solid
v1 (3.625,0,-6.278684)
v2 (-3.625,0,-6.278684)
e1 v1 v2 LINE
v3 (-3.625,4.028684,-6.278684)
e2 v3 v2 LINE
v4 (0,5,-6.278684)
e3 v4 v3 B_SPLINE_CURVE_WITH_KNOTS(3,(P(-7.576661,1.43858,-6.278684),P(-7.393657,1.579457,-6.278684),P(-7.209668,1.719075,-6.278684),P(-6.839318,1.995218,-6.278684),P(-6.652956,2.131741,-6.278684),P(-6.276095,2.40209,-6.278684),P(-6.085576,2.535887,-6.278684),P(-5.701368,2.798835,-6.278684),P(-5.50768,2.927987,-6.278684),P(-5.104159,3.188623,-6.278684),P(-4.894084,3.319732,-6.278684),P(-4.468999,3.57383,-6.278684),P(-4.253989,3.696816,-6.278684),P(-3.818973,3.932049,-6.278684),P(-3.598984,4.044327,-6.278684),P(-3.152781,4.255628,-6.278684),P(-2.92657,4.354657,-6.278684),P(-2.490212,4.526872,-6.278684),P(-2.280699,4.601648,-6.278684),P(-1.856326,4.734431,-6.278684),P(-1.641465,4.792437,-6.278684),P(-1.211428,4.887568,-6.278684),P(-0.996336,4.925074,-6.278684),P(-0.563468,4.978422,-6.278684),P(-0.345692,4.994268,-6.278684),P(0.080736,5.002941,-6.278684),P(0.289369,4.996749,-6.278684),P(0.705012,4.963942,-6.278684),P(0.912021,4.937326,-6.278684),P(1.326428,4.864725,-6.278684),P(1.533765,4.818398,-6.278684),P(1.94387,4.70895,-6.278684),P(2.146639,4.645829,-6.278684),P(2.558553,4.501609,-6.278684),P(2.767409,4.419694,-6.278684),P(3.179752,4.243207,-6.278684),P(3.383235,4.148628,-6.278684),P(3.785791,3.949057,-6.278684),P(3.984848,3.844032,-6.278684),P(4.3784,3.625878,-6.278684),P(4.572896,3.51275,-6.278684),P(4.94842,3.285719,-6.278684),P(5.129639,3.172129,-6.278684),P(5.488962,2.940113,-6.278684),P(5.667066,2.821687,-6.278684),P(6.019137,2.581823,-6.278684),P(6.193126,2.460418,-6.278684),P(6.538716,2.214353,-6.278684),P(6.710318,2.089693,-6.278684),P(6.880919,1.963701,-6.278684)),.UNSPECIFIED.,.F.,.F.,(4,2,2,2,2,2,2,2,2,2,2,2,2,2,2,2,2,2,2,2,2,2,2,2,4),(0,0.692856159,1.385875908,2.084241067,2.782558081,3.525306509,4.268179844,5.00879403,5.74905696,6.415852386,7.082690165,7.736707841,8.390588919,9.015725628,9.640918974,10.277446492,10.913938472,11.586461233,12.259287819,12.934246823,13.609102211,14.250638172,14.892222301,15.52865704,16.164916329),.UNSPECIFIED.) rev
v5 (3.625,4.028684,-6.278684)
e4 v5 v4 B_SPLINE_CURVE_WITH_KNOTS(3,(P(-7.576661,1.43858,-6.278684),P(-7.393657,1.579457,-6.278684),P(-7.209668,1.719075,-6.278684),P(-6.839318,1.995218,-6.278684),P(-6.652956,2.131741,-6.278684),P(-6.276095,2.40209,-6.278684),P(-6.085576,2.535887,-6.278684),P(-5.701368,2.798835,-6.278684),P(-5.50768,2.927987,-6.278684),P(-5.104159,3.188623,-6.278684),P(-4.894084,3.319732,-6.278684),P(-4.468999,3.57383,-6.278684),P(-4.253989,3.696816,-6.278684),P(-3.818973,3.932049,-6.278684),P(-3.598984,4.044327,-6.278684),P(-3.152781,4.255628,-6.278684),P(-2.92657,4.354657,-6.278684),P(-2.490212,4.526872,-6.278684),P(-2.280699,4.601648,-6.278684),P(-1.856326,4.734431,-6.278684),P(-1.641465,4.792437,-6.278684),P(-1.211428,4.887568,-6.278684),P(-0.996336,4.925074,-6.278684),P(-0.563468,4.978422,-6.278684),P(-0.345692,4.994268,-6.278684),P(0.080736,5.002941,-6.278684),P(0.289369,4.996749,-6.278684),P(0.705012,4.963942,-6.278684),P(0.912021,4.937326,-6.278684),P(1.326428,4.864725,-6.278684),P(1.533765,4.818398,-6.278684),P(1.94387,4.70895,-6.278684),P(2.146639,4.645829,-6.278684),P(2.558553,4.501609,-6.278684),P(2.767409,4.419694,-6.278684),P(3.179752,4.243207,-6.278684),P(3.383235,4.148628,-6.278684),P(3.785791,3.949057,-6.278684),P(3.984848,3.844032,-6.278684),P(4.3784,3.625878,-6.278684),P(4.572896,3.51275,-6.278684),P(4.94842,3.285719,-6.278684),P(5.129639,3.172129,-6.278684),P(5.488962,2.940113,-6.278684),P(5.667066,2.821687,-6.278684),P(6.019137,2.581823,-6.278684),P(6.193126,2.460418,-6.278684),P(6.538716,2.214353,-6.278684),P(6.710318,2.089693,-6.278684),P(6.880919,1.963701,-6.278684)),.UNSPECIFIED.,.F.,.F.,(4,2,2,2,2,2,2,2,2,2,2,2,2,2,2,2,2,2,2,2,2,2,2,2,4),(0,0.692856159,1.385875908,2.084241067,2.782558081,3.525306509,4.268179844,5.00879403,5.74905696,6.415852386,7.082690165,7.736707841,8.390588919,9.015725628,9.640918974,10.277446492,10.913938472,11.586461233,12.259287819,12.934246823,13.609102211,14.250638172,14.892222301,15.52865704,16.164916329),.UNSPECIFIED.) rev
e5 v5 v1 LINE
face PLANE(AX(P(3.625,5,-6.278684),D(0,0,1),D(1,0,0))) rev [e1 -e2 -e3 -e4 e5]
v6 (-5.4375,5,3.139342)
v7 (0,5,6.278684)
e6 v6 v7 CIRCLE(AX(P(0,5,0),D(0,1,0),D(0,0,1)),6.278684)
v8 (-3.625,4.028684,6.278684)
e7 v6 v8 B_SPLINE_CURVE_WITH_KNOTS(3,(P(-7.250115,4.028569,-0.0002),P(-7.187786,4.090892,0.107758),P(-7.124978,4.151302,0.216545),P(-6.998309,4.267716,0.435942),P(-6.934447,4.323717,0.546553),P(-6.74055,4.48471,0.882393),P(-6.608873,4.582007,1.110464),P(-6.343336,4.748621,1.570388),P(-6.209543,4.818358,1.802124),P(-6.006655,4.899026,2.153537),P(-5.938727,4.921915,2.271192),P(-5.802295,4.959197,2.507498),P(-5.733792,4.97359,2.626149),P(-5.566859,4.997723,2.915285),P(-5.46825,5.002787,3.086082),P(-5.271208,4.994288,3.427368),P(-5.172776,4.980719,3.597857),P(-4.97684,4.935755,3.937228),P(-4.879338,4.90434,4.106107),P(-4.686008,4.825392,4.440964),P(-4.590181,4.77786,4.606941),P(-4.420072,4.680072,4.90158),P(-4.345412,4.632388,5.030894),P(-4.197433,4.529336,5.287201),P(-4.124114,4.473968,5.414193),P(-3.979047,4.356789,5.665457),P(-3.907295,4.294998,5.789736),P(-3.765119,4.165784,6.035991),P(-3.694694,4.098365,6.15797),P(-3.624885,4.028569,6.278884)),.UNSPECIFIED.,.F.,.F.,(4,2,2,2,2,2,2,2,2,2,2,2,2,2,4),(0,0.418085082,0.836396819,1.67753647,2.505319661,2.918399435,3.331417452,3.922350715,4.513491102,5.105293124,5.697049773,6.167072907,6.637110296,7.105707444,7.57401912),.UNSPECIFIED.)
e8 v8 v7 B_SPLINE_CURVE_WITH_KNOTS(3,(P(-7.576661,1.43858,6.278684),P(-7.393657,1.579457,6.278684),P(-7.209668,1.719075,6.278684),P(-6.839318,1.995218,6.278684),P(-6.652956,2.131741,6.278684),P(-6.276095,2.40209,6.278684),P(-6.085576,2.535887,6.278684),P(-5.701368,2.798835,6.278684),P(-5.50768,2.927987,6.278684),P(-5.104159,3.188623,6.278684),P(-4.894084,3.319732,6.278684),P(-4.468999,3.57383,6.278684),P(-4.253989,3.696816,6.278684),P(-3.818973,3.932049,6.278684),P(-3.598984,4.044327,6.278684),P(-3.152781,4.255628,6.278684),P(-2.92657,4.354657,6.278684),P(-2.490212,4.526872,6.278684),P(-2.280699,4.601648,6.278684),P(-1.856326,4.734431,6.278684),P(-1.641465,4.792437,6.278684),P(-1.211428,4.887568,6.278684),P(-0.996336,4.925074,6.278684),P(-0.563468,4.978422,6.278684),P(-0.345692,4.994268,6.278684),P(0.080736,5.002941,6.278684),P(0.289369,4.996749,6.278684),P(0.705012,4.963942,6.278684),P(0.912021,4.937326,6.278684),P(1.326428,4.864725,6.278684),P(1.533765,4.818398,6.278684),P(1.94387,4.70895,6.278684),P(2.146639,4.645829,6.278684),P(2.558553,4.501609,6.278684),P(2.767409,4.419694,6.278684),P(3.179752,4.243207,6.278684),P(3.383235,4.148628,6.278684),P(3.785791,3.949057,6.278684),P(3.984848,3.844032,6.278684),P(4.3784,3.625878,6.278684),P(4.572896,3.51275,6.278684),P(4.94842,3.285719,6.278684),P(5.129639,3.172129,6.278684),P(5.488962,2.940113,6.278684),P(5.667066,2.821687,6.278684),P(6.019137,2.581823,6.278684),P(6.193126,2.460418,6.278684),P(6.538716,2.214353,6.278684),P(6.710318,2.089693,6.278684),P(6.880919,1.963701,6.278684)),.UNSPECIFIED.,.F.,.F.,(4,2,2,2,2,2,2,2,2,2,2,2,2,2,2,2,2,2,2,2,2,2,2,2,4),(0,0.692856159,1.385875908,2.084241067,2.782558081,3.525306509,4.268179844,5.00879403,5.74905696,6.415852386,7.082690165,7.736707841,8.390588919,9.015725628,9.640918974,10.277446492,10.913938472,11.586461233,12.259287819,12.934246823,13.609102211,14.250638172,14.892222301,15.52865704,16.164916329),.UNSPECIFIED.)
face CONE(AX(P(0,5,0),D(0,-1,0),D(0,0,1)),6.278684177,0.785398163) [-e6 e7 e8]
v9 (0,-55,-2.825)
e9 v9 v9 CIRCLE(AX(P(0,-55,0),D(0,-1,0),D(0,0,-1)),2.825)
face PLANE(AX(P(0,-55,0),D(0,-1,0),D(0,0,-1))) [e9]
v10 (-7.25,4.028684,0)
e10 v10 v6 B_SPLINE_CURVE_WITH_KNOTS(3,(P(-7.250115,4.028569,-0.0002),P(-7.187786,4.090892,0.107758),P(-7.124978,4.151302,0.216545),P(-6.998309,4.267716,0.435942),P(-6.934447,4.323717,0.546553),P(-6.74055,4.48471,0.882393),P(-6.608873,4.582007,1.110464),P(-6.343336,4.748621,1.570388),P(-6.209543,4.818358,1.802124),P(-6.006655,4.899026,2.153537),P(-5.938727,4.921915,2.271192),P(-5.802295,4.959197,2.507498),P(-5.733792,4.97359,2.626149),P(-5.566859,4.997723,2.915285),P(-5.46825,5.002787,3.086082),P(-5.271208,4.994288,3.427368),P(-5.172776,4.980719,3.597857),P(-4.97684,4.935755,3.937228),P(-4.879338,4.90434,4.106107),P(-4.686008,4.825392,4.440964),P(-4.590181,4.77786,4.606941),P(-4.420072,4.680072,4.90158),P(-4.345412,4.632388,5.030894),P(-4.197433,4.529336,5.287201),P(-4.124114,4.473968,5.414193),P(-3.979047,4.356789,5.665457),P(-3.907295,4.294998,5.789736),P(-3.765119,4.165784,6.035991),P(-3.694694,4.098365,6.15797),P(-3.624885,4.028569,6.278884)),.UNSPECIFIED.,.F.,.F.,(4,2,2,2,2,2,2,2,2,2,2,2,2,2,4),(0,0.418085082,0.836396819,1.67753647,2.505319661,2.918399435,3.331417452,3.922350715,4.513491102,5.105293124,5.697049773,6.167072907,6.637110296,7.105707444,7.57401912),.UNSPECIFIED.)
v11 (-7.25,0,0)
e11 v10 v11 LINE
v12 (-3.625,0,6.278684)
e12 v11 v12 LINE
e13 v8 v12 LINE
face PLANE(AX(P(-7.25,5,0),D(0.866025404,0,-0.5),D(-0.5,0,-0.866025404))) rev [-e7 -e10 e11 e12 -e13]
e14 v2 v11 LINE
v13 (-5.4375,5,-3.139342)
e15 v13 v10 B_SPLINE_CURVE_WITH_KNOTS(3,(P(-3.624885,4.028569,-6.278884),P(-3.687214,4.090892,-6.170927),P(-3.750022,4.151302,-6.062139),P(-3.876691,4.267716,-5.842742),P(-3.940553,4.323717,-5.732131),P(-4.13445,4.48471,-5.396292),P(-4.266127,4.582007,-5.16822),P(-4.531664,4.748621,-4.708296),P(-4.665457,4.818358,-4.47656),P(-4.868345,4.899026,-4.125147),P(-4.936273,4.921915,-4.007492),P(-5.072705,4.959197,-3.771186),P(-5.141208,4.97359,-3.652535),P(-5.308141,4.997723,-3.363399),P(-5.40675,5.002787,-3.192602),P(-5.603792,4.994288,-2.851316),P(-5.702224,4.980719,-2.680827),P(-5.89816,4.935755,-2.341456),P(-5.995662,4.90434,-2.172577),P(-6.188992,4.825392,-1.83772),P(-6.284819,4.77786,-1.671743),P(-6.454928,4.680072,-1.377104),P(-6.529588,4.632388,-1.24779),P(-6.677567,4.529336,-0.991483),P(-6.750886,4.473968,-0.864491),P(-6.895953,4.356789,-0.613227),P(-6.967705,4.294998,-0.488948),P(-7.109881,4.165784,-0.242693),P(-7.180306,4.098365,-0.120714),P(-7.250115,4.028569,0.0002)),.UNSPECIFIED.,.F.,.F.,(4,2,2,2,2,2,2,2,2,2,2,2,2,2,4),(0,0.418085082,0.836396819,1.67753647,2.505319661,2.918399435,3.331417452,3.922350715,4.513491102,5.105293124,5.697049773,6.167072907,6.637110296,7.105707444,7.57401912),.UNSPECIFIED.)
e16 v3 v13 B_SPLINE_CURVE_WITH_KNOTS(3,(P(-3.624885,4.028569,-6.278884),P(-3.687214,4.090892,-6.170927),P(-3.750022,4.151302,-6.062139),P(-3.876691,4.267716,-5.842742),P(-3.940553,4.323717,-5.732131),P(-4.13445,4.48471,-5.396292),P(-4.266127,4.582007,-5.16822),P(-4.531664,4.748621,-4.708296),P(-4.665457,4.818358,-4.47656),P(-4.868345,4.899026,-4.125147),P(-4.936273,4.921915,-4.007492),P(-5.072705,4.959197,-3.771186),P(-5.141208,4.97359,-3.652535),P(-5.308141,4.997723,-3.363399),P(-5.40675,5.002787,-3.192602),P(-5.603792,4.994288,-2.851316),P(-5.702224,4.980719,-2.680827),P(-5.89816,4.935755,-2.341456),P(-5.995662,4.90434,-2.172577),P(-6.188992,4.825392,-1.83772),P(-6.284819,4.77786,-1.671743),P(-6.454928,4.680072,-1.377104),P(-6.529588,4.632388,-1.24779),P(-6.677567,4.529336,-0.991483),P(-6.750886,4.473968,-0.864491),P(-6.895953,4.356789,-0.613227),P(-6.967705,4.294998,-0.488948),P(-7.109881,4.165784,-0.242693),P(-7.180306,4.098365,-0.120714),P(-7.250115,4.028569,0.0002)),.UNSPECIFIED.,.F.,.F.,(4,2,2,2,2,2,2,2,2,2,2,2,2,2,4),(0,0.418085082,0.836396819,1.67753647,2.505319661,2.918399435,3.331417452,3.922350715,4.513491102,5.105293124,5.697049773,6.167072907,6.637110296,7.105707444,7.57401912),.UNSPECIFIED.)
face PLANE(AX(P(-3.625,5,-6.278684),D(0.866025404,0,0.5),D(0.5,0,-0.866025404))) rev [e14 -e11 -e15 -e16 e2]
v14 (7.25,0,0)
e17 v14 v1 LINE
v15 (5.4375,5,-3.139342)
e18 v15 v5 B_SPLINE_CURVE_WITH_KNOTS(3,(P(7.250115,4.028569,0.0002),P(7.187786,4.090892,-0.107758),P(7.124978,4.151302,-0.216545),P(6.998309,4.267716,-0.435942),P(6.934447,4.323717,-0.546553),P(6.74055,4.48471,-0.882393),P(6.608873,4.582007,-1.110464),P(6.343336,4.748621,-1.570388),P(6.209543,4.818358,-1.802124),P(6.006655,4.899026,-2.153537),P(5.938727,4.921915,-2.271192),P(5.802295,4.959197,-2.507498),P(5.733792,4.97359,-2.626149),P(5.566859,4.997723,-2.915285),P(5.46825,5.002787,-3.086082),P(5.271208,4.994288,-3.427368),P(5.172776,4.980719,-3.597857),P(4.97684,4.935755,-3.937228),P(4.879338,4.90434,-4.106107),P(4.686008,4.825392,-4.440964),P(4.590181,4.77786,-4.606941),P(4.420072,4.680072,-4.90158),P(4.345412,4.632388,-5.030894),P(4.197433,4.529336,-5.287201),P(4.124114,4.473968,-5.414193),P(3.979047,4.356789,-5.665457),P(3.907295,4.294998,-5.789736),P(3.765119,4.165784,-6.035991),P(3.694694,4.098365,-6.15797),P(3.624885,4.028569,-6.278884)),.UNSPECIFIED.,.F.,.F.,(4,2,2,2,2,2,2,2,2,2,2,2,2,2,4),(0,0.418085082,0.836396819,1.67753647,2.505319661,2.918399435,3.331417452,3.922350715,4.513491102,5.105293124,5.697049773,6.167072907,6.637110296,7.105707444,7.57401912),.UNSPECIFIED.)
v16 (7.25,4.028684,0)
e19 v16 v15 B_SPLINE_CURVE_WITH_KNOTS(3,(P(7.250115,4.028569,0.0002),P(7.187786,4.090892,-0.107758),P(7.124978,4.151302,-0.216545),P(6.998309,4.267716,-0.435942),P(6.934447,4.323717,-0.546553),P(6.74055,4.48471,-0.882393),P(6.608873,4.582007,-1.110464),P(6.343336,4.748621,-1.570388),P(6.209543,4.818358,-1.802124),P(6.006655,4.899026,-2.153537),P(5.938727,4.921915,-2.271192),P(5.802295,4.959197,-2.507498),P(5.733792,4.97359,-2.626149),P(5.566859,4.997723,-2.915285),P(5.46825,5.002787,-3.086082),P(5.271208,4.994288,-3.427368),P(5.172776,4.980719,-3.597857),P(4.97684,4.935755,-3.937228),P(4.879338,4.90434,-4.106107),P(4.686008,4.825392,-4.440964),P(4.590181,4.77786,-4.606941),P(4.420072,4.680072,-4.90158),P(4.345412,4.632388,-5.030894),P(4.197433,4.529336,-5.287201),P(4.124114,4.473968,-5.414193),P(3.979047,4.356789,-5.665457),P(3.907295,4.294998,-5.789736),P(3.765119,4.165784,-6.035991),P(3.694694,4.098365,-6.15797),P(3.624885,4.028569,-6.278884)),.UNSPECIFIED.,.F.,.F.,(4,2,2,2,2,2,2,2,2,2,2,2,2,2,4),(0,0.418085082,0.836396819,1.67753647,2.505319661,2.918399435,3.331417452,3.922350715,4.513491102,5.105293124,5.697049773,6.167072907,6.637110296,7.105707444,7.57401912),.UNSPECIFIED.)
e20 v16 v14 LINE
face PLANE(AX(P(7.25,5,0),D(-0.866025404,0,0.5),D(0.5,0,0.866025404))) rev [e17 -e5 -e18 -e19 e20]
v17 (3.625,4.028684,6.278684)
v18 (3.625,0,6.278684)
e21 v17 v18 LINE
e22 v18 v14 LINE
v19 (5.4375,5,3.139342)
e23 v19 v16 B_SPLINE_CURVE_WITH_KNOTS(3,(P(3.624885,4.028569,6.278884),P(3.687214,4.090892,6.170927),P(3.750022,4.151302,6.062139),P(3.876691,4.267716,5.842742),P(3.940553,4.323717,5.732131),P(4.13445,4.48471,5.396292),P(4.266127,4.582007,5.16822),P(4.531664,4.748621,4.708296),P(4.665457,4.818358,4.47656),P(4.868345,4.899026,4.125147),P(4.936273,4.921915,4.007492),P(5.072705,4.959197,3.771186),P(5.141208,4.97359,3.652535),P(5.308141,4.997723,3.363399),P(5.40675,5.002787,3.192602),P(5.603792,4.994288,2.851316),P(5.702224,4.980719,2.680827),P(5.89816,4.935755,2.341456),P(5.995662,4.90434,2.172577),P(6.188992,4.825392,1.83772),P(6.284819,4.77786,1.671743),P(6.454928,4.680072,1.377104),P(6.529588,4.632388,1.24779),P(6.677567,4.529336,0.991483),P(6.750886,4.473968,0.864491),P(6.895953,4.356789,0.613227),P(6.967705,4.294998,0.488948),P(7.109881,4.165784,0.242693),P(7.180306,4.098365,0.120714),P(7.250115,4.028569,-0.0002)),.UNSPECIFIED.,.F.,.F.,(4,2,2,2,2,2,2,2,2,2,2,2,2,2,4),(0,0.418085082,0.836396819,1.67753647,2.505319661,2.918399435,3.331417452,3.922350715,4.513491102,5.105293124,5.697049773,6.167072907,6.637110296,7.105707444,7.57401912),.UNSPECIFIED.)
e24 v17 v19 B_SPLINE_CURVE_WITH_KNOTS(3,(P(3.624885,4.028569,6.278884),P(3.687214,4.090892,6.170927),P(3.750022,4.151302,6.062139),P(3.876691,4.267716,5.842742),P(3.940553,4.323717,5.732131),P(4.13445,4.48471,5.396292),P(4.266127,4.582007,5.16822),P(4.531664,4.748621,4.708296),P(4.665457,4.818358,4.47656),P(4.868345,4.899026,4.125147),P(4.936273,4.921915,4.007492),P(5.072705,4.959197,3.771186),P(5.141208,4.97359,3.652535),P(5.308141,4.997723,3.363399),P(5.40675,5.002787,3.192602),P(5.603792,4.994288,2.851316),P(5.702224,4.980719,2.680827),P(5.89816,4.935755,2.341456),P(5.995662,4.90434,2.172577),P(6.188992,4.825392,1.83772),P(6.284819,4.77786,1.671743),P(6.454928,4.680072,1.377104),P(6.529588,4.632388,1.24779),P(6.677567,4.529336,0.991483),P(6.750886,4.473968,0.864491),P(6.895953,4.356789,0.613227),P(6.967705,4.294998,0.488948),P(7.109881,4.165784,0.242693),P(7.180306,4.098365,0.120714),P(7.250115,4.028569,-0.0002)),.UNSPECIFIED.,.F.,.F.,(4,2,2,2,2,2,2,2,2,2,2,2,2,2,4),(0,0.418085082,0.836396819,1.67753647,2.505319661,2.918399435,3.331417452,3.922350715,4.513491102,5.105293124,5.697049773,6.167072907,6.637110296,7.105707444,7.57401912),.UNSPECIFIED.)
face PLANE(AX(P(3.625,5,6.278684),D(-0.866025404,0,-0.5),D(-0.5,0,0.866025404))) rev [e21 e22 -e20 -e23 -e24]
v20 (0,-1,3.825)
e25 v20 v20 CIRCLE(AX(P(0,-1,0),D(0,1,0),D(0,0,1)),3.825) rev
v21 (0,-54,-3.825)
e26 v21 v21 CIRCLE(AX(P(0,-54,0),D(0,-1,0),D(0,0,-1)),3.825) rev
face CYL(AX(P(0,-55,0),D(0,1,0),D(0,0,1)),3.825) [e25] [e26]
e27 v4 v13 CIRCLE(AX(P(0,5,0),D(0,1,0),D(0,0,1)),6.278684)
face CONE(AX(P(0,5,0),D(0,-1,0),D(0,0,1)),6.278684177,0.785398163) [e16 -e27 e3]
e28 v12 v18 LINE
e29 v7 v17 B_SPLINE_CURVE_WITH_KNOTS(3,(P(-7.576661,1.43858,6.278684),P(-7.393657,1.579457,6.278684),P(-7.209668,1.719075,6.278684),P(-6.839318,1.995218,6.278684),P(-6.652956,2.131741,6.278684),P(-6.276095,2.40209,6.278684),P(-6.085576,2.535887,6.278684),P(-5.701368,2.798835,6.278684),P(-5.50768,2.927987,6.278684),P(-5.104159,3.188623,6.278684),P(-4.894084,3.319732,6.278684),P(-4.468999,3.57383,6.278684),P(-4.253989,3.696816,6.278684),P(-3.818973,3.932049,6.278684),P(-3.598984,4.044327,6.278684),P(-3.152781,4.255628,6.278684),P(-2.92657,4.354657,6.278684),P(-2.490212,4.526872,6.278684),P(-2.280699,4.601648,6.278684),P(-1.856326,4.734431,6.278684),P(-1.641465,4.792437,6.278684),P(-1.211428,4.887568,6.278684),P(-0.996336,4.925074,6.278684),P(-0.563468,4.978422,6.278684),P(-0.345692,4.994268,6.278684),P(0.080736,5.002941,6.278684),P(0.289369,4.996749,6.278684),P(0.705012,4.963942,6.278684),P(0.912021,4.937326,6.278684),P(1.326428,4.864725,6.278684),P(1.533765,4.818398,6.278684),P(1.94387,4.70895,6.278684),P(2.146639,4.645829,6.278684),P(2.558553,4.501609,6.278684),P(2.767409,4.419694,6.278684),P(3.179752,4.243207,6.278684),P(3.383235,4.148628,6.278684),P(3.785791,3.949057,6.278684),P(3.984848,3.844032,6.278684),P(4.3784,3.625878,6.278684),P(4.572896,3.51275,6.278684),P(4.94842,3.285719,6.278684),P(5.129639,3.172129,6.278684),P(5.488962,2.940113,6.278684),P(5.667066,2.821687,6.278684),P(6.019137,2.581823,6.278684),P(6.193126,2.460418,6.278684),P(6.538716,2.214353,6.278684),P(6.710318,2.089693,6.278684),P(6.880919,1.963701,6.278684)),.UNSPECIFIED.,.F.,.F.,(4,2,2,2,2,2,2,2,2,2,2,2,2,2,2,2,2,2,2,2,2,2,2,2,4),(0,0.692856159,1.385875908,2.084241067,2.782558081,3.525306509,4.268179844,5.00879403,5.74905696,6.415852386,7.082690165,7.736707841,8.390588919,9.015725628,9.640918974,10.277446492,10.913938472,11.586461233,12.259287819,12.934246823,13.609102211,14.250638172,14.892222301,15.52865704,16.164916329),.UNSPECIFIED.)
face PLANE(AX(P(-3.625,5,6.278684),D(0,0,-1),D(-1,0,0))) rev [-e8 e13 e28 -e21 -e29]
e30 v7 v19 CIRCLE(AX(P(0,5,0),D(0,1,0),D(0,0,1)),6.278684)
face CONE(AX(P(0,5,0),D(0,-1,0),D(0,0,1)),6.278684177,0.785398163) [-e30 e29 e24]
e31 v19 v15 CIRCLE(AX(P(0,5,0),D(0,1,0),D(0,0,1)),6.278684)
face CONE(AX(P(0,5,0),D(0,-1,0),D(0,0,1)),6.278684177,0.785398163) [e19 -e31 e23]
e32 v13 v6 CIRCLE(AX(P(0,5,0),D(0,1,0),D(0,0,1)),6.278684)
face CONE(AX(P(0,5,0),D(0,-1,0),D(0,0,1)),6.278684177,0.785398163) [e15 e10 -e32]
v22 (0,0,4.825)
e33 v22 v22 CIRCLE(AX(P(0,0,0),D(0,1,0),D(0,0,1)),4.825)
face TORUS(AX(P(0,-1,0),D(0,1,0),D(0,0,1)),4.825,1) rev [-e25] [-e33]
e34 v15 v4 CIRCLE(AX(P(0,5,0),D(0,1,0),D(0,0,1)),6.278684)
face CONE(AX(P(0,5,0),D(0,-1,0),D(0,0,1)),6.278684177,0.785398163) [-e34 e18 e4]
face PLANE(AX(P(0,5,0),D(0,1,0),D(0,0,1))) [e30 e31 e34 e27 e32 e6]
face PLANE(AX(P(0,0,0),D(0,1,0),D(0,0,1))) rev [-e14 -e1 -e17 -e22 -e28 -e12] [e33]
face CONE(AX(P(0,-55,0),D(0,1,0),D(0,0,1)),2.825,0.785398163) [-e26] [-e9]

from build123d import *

# Parameters (mm, degrees)
EXTRUDE_1_DEPTH     = 5
SKETCH_8_OUTSIDE_W  = 22.464
SKETCH_8_OUTSIDE_H  = 20.522
SKETCH_8_OUTSIDE_R  = 6.278684177
CUT_EXTRUDE_1_DEPTH = 1
CUT_EXTRUDE_1_DRAFT = -45
SKETCH_9_R          = 3.825
BOLT_LENGTH_DEPTH   = 55
FILLET_1_R          = 1
CHAMFER_1_SIZE      = 1


with BuildPart() as part:
    # Эскиз6 → Бобышка-Вытянуть1 (new body)
    with BuildSketch(Plane(origin=(0, 0, 0), x_dir=(1, 0, 0), z_dir=(0, 1, 0))):
        Polygon((7.25, 0), (3.625, 6.278684177), (-3.625, 6.278684177), (-7.25, 0), (-3.625, -6.278684177), (3.625, -6.278684177), align=None)
    extrude(amount=EXTRUDE_1_DEPTH)


with BuildPart() as cut_extrude_1_tool:
    # Эскиз8 outside → Вырез-Вытянуть1 (with draft: the straight prism first)
    with BuildSketch(Plane(origin=(0, 5, 0), x_dir=(1, 0, 0), z_dir=(0, 1, 0))):
        Rectangle(SKETCH_8_OUTSIDE_W, SKETCH_8_OUTSIDE_H)
        Circle(SKETCH_8_OUTSIDE_R, mode=Mode.SUBTRACT)
    extrude(amount=-CUT_EXTRUDE_1_DEPTH)
    # Вырез-Вытянуть1: the draft: its side faces are tilted about the plane it starts from
    cut_extrude_1_sides = [cut_extrude_1_tool.faces().sort_by_distance(p)[0] for p in [
        (0, 4.5, 10.261),
        (11.232, 4.5, 0),
        (0, 4.5, -10.261),
        (-11.232, 4.5, 0),
        (-6.278684177, 4.5, 0),
    ]]
    draft(cut_extrude_1_sides, Plane(origin=(0, 5, 0), x_dir=(1, 0, 0), z_dir=(0, 1, 0)), CUT_EXTRUDE_1_DRAFT)


with BuildPart() as part_1:
    add(part.part)

    # Вырез-Вытянуть1: cut by cut_extrude_1_tool
    add(cut_extrude_1_tool.part, mode=Mode.SUBTRACT)

    # Эскиз9 → bolt length (add)
    with BuildSketch(Plane.XZ):
        with Locations(Location((0, 0, 0), (0, 0, 90))):  # turned: the seam where the file's is
            Circle(SKETCH_9_R)
    extrude(amount=BOLT_LENGTH_DEPTH)

    # Скругление1
    fillet_1_edges = [part_1.edges().sort_by_distance(p)[0] for p in [
        (0, 0, -3.825),
    ]]
    fillet(fillet_1_edges, radius=FILLET_1_R)

    # Фаска1
    chamfer_1_edges = [part_1.edges().sort_by_distance(p)[0] for p in [
        (0, -55, -3.825),
    ]]
    chamfer(chamfer_1_edges, length=CHAMFER_1_SIZE)


solid = part_1.part
